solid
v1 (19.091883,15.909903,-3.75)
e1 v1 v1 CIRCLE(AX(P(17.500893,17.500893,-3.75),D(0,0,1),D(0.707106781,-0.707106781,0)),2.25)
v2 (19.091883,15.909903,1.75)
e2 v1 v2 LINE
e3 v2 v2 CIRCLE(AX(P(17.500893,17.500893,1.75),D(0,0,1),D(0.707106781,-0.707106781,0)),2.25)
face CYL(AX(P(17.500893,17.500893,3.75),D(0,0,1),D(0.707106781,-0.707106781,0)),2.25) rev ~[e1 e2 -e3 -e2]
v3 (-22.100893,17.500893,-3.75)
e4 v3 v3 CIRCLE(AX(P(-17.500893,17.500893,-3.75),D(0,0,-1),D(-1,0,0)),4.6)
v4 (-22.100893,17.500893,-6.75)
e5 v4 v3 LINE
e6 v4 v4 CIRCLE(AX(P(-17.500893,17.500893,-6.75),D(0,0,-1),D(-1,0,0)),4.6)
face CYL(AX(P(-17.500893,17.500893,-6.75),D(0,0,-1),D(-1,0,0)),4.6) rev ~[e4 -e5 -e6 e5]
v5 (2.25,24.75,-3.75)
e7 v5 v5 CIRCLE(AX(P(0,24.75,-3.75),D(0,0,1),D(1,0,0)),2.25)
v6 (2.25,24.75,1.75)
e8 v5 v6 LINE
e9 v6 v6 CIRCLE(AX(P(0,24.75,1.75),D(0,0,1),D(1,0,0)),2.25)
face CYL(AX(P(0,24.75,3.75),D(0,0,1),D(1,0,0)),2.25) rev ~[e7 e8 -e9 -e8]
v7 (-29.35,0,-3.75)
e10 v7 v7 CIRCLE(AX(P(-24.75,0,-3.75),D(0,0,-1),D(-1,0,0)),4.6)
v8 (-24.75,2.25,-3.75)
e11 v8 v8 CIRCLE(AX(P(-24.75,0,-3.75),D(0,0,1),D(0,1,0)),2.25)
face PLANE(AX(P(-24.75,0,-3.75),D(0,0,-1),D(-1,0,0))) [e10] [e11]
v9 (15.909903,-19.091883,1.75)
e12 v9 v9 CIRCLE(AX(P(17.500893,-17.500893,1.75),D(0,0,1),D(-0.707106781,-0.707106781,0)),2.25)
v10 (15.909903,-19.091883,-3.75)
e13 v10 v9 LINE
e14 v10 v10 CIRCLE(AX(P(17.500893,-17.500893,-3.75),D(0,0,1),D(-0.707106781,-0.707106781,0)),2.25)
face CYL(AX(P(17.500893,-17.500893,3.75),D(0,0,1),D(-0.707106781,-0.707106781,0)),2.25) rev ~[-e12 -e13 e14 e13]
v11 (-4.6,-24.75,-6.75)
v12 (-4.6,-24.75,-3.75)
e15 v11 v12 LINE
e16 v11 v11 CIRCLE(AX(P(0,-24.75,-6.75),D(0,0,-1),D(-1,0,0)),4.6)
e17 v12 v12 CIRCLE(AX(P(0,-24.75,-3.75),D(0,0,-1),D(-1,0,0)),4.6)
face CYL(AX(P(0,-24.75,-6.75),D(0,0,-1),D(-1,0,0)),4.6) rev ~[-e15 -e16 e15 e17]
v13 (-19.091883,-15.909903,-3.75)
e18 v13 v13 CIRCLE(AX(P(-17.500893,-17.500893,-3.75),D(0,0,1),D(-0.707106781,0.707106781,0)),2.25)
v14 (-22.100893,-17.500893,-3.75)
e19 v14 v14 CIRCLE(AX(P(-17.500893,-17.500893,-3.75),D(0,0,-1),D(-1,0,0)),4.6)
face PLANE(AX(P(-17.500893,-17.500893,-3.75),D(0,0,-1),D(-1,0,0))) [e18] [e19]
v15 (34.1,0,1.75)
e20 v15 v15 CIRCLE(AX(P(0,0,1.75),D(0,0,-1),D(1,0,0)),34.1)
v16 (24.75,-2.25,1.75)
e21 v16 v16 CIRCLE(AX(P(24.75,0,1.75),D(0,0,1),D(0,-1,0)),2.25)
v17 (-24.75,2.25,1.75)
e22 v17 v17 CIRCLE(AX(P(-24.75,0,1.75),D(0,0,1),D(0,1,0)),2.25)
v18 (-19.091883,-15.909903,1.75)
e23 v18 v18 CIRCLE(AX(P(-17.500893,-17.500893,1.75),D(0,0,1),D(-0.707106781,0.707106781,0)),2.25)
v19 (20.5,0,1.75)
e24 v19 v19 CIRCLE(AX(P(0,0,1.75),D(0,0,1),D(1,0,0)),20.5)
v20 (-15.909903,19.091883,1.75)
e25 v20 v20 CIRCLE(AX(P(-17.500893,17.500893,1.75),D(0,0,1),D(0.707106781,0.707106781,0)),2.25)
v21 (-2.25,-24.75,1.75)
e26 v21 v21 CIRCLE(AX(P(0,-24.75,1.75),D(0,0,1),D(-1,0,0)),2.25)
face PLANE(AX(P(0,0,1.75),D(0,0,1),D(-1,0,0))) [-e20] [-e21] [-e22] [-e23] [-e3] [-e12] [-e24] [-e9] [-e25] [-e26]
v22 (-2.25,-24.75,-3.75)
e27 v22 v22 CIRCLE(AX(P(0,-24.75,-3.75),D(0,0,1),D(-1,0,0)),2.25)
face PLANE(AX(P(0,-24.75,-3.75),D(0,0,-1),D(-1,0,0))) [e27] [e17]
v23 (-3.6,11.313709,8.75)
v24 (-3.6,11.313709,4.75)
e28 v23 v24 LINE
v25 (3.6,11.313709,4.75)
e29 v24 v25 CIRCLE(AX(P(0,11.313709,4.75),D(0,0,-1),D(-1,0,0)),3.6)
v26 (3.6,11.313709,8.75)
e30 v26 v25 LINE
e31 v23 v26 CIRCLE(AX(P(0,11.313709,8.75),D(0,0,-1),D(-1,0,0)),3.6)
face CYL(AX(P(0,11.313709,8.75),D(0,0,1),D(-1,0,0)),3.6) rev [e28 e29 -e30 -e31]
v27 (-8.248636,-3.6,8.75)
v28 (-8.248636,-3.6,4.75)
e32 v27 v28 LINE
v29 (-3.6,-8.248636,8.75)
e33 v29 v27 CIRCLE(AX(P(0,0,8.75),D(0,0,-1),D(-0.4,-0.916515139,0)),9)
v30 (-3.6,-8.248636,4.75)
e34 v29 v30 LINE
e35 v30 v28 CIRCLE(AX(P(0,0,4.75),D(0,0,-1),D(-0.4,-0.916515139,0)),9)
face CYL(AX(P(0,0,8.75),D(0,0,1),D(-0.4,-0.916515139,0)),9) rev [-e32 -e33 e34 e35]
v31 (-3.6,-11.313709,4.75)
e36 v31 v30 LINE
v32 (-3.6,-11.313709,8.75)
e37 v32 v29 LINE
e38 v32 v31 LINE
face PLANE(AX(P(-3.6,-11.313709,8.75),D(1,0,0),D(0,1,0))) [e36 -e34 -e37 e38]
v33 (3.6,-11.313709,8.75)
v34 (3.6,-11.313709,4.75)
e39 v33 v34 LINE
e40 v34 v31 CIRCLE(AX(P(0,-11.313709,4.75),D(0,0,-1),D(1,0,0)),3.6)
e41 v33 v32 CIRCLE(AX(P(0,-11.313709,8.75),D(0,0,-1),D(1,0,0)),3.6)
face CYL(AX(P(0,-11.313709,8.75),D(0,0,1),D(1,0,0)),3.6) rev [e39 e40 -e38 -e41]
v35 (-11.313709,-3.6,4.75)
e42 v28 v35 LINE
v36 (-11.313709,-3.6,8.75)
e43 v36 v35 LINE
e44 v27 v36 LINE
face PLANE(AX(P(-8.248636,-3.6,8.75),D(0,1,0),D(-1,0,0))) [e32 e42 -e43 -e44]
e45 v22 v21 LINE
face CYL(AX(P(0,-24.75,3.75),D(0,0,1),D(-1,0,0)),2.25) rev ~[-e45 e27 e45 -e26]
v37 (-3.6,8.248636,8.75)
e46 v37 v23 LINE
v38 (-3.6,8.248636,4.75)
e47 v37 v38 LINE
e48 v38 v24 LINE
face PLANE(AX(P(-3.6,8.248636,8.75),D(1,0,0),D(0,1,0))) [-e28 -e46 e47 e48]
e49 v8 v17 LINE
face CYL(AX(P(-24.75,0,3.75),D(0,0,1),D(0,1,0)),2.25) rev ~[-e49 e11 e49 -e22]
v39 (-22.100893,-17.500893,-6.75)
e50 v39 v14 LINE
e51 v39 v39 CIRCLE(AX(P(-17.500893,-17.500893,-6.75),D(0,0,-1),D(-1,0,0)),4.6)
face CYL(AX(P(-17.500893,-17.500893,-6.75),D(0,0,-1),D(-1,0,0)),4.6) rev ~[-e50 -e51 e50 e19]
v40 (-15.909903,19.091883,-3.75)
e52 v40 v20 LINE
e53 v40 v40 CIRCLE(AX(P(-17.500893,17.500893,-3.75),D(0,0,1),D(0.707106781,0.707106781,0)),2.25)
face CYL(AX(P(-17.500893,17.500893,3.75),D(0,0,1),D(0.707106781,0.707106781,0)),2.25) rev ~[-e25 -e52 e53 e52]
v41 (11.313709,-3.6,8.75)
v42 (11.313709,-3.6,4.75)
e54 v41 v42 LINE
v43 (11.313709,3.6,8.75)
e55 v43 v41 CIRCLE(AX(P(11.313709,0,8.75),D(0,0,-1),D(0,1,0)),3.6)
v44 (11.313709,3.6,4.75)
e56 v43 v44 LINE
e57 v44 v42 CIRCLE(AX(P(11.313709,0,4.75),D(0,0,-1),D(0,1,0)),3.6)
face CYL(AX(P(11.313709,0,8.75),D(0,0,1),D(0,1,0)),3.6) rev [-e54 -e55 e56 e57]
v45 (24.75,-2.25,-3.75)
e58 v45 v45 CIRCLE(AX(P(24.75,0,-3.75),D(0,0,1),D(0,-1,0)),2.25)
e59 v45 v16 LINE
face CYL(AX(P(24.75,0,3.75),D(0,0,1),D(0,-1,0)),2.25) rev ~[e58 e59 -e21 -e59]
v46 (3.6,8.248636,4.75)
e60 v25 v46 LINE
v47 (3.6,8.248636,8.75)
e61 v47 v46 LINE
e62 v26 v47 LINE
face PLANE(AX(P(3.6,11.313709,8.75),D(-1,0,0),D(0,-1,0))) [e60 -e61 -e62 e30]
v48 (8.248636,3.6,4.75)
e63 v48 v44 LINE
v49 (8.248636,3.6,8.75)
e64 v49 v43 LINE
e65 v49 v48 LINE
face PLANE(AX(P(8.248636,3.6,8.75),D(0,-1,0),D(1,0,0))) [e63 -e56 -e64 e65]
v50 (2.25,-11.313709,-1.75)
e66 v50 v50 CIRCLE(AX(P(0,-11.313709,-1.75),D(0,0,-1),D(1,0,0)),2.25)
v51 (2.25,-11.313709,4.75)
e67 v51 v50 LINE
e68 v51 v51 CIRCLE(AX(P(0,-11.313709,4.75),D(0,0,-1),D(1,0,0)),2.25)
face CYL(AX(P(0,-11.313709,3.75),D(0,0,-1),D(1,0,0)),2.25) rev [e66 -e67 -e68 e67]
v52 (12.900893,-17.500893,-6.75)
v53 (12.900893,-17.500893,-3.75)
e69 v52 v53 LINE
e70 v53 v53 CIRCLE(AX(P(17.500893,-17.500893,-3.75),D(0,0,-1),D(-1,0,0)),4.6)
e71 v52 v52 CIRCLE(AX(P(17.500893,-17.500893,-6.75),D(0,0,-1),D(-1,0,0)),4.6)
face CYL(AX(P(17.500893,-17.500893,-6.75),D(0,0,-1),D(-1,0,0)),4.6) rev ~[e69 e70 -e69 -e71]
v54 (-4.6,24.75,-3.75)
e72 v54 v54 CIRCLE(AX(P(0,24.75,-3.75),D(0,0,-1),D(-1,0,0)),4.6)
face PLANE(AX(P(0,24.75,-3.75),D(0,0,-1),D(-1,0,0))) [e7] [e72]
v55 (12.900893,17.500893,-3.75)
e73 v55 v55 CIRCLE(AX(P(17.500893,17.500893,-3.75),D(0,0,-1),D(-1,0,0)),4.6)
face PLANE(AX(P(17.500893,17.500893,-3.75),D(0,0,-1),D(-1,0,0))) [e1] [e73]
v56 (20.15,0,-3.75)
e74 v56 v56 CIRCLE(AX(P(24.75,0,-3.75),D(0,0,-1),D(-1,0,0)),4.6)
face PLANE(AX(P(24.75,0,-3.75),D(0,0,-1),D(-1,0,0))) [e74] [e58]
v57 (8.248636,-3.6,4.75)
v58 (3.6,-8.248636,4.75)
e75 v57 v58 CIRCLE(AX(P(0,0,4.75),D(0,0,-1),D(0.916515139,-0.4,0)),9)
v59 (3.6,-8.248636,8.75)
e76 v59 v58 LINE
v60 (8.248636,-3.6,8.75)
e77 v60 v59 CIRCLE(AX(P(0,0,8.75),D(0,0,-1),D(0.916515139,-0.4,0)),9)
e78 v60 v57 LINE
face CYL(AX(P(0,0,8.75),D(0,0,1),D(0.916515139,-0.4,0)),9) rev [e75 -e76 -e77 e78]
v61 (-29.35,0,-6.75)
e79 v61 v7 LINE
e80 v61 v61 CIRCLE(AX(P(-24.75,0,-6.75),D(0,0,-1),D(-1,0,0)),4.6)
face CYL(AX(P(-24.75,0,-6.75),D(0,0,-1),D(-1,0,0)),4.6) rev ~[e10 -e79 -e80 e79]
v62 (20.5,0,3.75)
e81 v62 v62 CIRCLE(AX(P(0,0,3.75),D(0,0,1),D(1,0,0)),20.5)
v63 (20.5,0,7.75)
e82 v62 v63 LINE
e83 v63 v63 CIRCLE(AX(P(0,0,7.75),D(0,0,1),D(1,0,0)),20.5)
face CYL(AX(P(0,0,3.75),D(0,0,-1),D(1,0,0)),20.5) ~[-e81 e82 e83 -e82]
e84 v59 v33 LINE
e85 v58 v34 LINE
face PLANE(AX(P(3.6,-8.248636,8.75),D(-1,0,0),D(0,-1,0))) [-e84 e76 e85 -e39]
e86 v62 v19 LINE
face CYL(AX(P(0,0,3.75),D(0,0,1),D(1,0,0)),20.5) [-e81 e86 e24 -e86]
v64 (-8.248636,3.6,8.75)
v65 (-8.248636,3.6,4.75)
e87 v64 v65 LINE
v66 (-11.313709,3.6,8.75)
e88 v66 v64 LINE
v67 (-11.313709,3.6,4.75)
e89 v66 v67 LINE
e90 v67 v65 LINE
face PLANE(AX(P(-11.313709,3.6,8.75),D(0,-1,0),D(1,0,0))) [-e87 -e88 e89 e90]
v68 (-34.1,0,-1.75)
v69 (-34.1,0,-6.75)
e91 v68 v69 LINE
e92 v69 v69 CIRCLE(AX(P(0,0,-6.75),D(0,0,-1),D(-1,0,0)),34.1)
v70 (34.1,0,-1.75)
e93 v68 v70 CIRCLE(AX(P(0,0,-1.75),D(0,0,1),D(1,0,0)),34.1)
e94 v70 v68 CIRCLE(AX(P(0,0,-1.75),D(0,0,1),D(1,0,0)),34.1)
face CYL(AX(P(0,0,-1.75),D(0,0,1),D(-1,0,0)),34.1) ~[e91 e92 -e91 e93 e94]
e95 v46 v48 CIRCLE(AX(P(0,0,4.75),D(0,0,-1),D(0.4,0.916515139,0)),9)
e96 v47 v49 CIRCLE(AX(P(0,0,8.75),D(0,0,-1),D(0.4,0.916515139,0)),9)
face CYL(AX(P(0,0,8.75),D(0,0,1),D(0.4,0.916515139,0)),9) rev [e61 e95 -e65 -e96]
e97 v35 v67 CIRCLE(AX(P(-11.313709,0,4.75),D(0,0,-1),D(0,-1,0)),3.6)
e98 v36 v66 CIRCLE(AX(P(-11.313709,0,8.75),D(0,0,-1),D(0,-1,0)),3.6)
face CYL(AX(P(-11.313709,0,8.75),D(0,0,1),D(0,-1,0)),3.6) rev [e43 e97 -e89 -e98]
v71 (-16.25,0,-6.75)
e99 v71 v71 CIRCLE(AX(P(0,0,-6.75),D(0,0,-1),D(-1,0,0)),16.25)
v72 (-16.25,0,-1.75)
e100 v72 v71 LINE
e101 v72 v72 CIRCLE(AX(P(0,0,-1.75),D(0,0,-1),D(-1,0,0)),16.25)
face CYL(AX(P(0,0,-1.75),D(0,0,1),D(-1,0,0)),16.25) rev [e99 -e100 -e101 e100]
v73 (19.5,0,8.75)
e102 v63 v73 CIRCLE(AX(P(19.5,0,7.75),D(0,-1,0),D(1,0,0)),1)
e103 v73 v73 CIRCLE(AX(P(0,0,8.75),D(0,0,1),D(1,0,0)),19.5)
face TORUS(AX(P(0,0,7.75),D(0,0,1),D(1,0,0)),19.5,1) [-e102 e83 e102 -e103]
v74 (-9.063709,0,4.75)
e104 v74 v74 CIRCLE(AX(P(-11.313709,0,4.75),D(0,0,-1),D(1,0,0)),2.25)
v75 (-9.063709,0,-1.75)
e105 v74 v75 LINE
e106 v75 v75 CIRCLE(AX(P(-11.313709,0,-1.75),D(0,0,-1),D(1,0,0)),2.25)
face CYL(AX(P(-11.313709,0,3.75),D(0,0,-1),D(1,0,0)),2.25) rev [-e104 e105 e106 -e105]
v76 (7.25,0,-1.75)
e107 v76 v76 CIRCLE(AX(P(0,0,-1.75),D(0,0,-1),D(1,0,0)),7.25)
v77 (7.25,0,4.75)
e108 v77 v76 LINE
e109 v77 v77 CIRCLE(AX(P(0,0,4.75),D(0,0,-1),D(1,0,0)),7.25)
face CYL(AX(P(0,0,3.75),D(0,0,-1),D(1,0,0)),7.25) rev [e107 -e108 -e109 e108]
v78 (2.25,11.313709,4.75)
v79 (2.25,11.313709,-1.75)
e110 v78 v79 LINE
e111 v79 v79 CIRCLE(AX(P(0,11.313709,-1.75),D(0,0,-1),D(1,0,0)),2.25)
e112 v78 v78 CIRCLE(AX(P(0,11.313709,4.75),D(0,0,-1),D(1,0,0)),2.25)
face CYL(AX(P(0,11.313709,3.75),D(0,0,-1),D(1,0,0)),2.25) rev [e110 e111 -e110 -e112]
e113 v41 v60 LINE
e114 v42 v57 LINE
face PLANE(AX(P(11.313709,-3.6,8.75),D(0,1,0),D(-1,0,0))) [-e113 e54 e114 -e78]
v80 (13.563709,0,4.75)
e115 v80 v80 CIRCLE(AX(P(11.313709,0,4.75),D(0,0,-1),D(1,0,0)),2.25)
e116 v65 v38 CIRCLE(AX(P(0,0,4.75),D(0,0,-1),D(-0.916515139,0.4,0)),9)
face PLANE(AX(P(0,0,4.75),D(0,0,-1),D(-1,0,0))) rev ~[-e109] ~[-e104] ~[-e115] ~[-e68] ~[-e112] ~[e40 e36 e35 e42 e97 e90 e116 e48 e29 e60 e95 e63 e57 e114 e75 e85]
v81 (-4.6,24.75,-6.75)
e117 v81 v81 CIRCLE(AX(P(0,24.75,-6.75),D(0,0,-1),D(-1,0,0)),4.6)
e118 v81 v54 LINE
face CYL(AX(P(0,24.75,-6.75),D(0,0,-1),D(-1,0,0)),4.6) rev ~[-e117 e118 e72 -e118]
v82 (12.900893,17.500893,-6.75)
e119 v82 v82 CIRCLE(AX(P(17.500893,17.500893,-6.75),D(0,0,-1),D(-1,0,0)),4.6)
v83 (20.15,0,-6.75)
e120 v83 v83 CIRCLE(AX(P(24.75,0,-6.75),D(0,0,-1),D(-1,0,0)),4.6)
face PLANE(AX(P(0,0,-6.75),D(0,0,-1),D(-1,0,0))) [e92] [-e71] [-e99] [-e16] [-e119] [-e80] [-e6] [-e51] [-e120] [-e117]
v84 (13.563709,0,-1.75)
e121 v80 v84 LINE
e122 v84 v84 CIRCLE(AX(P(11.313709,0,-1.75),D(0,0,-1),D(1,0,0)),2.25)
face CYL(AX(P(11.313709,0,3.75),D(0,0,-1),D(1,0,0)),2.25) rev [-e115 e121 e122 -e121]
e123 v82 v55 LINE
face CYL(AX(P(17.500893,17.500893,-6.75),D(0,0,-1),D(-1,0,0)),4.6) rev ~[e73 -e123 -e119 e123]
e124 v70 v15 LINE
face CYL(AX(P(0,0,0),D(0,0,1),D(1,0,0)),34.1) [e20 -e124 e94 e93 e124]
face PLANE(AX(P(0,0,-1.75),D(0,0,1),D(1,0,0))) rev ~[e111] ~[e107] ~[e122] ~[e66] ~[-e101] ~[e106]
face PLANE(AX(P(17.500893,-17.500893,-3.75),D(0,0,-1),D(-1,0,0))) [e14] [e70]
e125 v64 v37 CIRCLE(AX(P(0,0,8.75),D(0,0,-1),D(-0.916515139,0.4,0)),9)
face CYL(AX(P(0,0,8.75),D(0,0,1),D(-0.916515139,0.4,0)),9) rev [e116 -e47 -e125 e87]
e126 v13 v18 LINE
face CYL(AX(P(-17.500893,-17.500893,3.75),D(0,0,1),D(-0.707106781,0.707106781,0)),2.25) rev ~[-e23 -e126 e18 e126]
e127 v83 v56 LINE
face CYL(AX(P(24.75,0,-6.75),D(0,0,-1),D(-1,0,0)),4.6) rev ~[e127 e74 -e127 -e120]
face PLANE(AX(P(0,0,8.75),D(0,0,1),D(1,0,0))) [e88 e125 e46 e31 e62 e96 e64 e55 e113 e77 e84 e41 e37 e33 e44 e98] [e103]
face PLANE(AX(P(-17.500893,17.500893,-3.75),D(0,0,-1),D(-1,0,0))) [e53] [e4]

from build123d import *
from build123d.topology import SkipClean

# Parameters (mm, degrees)
SKETCH1_R               = 34.1
BOSS_EXTRUDE1_DEPTH     = 1.75
SKETCH4_R               = 28.5
BOSS_EXTRUDE2_DEPTH     = 2
SKETCH5_R               = 34.1
SKETCH5_R_2             = 16.25
BOSS_EXTRUDE3_DEPTH     = 5
CUT_EXTRUDE2_DEPTH      = 49.968050809
CUT_EXTRUDE2_DEPTH_BACK = 49.968050809
SKETCH3_R               = 2.25
CUT_EXTRUDE1_DEPTH      = 49.968050809
CUT_EXTRUDE1_DEPTH_BACK = 49.968050809
SKETCH2_R               = 7.25
SKETCH6_R               = 2.25
CUT_EXTRUDE3_DEPTH      = 50.354533733
CIRPATTERN1_COUNT       = 8
SKETCH7_R               = 20.5
SKETCH7_R_2             = 2.25
SKETCH7_R_3             = 7.25
BOSS_EXTRUDE4_DEPTH     = 5
BOSS_EXTRUDE5_START     = 2
SKETCH8_R               = 34.1
SKETCH8_R_2             = 28.5
BOSS_EXTRUDE5_DEPTH     = 2
SKETCH10_R              = 34.1
SKETCH10_R_2            = 20.5
CUT_EXTRUDE4_DEPTH      = 2
CUT_EXTRUDE5_DEPTH      = 4
SKETCH12_R              = 4.6
CUT_EXTRUDE6_DEPTH      = 3
FILLET2_R               = 1


with BuildPart() as part:
    # Sketch1 → Boss-Extrude1 (new, symmetric)
    with BuildSketch(Plane.XY):
        Circle(SKETCH1_R)
    extrude(amount=BOSS_EXTRUDE1_DEPTH, both=True)

    # Sketch4 → Boss-Extrude2 (add)
    with BuildSketch(Plane.XY.offset(1.75)):
        Circle(SKETCH4_R)
    extrude(amount=BOSS_EXTRUDE2_DEPTH)

    # Sketch5 → Boss-Extrude3 (add)
    with BuildSketch(Plane(origin=(0, 0, -1.75), x_dir=(-1, 0, 0), z_dir=(0, 0, -1))):
        Circle(SKETCH5_R)
        Circle(SKETCH5_R_2, mode=Mode.SUBTRACT)
    extrude(amount=BOSS_EXTRUDE3_DEPTH)

    # Sketch3 → Cut-Extrude2 (cut, two sides: drawn at the far end of the back side and taken through both)
    with BuildSketch(Plane.XY.offset(1.75).offset(-CUT_EXTRUDE2_DEPTH_BACK)):
        with Locations((0, 11.3137085)):
            Circle(SKETCH3_R)
        with Locations((11.3137085, 0)):
            Circle(SKETCH3_R)
        with Locations((0, -11.3137085)):
            Circle(SKETCH3_R)
        with Locations((-11.3137085, 0)):
            Circle(SKETCH3_R)
    extrude(amount=CUT_EXTRUDE2_DEPTH + CUT_EXTRUDE2_DEPTH_BACK, mode=Mode.SUBTRACT)

    # Sketch2 → Cut-Extrude1 (cut, two sides: drawn at the far end of the back side and taken through both)
    with BuildSketch(Plane.XY.offset(1.75).offset(-CUT_EXTRUDE1_DEPTH_BACK)):
        Circle(SKETCH2_R)
    extrude(amount=CUT_EXTRUDE1_DEPTH + CUT_EXTRUDE1_DEPTH_BACK, mode=Mode.SUBTRACT)

    # Sketch6 → Cut-Extrude3 (cut, symmetric)
    with BuildSketch(Plane.XY.offset(3.75)):
        with Locations((0, 24.75)):
            Circle(SKETCH6_R)
    cut_extrude3 = extrude(amount=CUT_EXTRUDE3_DEPTH, both=True, mode=Mode.SUBTRACT)

    # CirPattern1: Cut-Extrude3 ×8 about axis
    cirpattern1_axis = Axis((0, 0, 0), (0, 0, 1))
    for i in range(1, CIRPATTERN1_COUNT):
        add(cut_extrude3.rotate(cirpattern1_axis, i * 360 / CIRPATTERN1_COUNT), mode=Mode.SUBTRACT)

    # Sketch7 → Boss-Extrude4 (add)
    with BuildSketch(Plane.XY.offset(3.75)):
        Circle(SKETCH7_R)
        with Locations((0, -11.3137085)):
            Circle(SKETCH7_R_2, mode=Mode.SUBTRACT)
        with Locations((11.3137085, 0)):
            Circle(SKETCH7_R_2, mode=Mode.SUBTRACT)
        with Locations((0, 11.3137085)):
            Circle(SKETCH7_R_2, mode=Mode.SUBTRACT)
        with Locations((-11.3137085, 0)):
            Circle(SKETCH7_R_2, mode=Mode.SUBTRACT)
        Circle(SKETCH7_R_3, mode=Mode.SUBTRACT)
    extrude(amount=BOSS_EXTRUDE4_DEPTH)

    # Sketch8 → Boss-Extrude5 (add)
    with SkipClean():  # the faces are left unmerged after this step: merging them gives an invalid solid
        with BuildSketch(Plane.XY.offset(1.75).offset(BOSS_EXTRUDE5_START)):
            with Locations(Location((0, 0, 0), (0, 0, 180))):
                Circle(SKETCH8_R)
            Circle(SKETCH8_R_2, mode=Mode.SUBTRACT)
        extrude(amount=-BOSS_EXTRUDE5_DEPTH)

    # Sketch10 → Cut-Extrude4 (cut)
    with BuildSketch(Plane.XY.offset(3.75)):
        with Locations(Location((0, 0, 0), (0, 0, 180))):
            Circle(SKETCH10_R)
        Circle(SKETCH10_R_2, mode=Mode.SUBTRACT)
    extrude(amount=-CUT_EXTRUDE4_DEPTH, mode=Mode.SUBTRACT)

    # Sketch11 → Cut-Extrude5 (cut)
    with BuildSketch(Plane.XY.offset(8.75)):
        with BuildLine():
            Line((-11.3137085, 3.6), (-8.248636251, 3.6))
            ThreePointArc((-8.248636251, 3.6), (-6.363961031, 6.363961031), (-3.6, 8.248636251))
            Line((-3.6, 8.248636251), (-3.6, 11.3137085))
            ThreePointArc((-3.6, 11.3137085), (0, 14.9137085), (3.6, 11.3137085))
            Line((3.6, 11.3137085), (3.6, 8.248636251))
            ThreePointArc((3.6, 8.248636251), (6.363961031, 6.363961031), (8.248636251, 3.6))
            Line((8.248636251, 3.6), (11.3137085, 3.6))
            ThreePointArc((11.3137085, 3.6), (14.9137085, 0), (11.3137085, -3.6))
            Line((11.3137085, -3.6), (8.248636251, -3.6))
            ThreePointArc((8.248636251, -3.6), (6.363961031, -6.363961031), (3.6, -8.248636251))
            Line((3.6, -8.248636251), (3.6, -11.3137085))
            ThreePointArc((3.6, -11.3137085), (0, -14.9137085), (-3.6, -11.3137085))
            Line((-3.6, -11.3137085), (-3.6, -8.248636251))
            ThreePointArc((-3.6, -8.248636251), (-6.363961031, -6.363961031), (-8.248636251, -3.6))
            Line((-8.248636251, -3.6), (-11.3137085, -3.6))
            ThreePointArc((-11.3137085, -3.6), (-14.9137085, 0), (-11.3137085, 3.6))
        make_face()
    extrude(amount=-CUT_EXTRUDE5_DEPTH, mode=Mode.SUBTRACT)

    # Sketch12 → Cut-Extrude6 (cut)
    with BuildSketch(Plane(origin=(0, 0, -6.75), x_dir=(-1, 0, 0), z_dir=(0, 0, -1))):
        with Locations((0, 24.75)):
            Circle(SKETCH12_R)
        with Locations((17.500892834, 17.500892834)):
            Circle(SKETCH12_R)
        with Locations((24.75, 0)):
            Circle(SKETCH12_R)
        with Locations((17.500892834, -17.500892834)):
            Circle(SKETCH12_R)
        with Locations((0, -24.75)):
            Circle(SKETCH12_R)
        with Locations((-17.500892834, -17.500892834)):
            Circle(SKETCH12_R)
        with Locations((-24.75, 0)):
            Circle(SKETCH12_R)
        with Locations((-17.500892834, 17.500892834)):
            Circle(SKETCH12_R)
    extrude(amount=-CUT_EXTRUDE6_DEPTH, mode=Mode.SUBTRACT)

    # Fillet2
    fillet2_edges = [part.edges().sort_by_distance(p)[0] for p in [
        (-20.5, 0, 8.75),
    ]]
    fillet(fillet2_edges, radius=FILLET2_R)


solid = part.part
